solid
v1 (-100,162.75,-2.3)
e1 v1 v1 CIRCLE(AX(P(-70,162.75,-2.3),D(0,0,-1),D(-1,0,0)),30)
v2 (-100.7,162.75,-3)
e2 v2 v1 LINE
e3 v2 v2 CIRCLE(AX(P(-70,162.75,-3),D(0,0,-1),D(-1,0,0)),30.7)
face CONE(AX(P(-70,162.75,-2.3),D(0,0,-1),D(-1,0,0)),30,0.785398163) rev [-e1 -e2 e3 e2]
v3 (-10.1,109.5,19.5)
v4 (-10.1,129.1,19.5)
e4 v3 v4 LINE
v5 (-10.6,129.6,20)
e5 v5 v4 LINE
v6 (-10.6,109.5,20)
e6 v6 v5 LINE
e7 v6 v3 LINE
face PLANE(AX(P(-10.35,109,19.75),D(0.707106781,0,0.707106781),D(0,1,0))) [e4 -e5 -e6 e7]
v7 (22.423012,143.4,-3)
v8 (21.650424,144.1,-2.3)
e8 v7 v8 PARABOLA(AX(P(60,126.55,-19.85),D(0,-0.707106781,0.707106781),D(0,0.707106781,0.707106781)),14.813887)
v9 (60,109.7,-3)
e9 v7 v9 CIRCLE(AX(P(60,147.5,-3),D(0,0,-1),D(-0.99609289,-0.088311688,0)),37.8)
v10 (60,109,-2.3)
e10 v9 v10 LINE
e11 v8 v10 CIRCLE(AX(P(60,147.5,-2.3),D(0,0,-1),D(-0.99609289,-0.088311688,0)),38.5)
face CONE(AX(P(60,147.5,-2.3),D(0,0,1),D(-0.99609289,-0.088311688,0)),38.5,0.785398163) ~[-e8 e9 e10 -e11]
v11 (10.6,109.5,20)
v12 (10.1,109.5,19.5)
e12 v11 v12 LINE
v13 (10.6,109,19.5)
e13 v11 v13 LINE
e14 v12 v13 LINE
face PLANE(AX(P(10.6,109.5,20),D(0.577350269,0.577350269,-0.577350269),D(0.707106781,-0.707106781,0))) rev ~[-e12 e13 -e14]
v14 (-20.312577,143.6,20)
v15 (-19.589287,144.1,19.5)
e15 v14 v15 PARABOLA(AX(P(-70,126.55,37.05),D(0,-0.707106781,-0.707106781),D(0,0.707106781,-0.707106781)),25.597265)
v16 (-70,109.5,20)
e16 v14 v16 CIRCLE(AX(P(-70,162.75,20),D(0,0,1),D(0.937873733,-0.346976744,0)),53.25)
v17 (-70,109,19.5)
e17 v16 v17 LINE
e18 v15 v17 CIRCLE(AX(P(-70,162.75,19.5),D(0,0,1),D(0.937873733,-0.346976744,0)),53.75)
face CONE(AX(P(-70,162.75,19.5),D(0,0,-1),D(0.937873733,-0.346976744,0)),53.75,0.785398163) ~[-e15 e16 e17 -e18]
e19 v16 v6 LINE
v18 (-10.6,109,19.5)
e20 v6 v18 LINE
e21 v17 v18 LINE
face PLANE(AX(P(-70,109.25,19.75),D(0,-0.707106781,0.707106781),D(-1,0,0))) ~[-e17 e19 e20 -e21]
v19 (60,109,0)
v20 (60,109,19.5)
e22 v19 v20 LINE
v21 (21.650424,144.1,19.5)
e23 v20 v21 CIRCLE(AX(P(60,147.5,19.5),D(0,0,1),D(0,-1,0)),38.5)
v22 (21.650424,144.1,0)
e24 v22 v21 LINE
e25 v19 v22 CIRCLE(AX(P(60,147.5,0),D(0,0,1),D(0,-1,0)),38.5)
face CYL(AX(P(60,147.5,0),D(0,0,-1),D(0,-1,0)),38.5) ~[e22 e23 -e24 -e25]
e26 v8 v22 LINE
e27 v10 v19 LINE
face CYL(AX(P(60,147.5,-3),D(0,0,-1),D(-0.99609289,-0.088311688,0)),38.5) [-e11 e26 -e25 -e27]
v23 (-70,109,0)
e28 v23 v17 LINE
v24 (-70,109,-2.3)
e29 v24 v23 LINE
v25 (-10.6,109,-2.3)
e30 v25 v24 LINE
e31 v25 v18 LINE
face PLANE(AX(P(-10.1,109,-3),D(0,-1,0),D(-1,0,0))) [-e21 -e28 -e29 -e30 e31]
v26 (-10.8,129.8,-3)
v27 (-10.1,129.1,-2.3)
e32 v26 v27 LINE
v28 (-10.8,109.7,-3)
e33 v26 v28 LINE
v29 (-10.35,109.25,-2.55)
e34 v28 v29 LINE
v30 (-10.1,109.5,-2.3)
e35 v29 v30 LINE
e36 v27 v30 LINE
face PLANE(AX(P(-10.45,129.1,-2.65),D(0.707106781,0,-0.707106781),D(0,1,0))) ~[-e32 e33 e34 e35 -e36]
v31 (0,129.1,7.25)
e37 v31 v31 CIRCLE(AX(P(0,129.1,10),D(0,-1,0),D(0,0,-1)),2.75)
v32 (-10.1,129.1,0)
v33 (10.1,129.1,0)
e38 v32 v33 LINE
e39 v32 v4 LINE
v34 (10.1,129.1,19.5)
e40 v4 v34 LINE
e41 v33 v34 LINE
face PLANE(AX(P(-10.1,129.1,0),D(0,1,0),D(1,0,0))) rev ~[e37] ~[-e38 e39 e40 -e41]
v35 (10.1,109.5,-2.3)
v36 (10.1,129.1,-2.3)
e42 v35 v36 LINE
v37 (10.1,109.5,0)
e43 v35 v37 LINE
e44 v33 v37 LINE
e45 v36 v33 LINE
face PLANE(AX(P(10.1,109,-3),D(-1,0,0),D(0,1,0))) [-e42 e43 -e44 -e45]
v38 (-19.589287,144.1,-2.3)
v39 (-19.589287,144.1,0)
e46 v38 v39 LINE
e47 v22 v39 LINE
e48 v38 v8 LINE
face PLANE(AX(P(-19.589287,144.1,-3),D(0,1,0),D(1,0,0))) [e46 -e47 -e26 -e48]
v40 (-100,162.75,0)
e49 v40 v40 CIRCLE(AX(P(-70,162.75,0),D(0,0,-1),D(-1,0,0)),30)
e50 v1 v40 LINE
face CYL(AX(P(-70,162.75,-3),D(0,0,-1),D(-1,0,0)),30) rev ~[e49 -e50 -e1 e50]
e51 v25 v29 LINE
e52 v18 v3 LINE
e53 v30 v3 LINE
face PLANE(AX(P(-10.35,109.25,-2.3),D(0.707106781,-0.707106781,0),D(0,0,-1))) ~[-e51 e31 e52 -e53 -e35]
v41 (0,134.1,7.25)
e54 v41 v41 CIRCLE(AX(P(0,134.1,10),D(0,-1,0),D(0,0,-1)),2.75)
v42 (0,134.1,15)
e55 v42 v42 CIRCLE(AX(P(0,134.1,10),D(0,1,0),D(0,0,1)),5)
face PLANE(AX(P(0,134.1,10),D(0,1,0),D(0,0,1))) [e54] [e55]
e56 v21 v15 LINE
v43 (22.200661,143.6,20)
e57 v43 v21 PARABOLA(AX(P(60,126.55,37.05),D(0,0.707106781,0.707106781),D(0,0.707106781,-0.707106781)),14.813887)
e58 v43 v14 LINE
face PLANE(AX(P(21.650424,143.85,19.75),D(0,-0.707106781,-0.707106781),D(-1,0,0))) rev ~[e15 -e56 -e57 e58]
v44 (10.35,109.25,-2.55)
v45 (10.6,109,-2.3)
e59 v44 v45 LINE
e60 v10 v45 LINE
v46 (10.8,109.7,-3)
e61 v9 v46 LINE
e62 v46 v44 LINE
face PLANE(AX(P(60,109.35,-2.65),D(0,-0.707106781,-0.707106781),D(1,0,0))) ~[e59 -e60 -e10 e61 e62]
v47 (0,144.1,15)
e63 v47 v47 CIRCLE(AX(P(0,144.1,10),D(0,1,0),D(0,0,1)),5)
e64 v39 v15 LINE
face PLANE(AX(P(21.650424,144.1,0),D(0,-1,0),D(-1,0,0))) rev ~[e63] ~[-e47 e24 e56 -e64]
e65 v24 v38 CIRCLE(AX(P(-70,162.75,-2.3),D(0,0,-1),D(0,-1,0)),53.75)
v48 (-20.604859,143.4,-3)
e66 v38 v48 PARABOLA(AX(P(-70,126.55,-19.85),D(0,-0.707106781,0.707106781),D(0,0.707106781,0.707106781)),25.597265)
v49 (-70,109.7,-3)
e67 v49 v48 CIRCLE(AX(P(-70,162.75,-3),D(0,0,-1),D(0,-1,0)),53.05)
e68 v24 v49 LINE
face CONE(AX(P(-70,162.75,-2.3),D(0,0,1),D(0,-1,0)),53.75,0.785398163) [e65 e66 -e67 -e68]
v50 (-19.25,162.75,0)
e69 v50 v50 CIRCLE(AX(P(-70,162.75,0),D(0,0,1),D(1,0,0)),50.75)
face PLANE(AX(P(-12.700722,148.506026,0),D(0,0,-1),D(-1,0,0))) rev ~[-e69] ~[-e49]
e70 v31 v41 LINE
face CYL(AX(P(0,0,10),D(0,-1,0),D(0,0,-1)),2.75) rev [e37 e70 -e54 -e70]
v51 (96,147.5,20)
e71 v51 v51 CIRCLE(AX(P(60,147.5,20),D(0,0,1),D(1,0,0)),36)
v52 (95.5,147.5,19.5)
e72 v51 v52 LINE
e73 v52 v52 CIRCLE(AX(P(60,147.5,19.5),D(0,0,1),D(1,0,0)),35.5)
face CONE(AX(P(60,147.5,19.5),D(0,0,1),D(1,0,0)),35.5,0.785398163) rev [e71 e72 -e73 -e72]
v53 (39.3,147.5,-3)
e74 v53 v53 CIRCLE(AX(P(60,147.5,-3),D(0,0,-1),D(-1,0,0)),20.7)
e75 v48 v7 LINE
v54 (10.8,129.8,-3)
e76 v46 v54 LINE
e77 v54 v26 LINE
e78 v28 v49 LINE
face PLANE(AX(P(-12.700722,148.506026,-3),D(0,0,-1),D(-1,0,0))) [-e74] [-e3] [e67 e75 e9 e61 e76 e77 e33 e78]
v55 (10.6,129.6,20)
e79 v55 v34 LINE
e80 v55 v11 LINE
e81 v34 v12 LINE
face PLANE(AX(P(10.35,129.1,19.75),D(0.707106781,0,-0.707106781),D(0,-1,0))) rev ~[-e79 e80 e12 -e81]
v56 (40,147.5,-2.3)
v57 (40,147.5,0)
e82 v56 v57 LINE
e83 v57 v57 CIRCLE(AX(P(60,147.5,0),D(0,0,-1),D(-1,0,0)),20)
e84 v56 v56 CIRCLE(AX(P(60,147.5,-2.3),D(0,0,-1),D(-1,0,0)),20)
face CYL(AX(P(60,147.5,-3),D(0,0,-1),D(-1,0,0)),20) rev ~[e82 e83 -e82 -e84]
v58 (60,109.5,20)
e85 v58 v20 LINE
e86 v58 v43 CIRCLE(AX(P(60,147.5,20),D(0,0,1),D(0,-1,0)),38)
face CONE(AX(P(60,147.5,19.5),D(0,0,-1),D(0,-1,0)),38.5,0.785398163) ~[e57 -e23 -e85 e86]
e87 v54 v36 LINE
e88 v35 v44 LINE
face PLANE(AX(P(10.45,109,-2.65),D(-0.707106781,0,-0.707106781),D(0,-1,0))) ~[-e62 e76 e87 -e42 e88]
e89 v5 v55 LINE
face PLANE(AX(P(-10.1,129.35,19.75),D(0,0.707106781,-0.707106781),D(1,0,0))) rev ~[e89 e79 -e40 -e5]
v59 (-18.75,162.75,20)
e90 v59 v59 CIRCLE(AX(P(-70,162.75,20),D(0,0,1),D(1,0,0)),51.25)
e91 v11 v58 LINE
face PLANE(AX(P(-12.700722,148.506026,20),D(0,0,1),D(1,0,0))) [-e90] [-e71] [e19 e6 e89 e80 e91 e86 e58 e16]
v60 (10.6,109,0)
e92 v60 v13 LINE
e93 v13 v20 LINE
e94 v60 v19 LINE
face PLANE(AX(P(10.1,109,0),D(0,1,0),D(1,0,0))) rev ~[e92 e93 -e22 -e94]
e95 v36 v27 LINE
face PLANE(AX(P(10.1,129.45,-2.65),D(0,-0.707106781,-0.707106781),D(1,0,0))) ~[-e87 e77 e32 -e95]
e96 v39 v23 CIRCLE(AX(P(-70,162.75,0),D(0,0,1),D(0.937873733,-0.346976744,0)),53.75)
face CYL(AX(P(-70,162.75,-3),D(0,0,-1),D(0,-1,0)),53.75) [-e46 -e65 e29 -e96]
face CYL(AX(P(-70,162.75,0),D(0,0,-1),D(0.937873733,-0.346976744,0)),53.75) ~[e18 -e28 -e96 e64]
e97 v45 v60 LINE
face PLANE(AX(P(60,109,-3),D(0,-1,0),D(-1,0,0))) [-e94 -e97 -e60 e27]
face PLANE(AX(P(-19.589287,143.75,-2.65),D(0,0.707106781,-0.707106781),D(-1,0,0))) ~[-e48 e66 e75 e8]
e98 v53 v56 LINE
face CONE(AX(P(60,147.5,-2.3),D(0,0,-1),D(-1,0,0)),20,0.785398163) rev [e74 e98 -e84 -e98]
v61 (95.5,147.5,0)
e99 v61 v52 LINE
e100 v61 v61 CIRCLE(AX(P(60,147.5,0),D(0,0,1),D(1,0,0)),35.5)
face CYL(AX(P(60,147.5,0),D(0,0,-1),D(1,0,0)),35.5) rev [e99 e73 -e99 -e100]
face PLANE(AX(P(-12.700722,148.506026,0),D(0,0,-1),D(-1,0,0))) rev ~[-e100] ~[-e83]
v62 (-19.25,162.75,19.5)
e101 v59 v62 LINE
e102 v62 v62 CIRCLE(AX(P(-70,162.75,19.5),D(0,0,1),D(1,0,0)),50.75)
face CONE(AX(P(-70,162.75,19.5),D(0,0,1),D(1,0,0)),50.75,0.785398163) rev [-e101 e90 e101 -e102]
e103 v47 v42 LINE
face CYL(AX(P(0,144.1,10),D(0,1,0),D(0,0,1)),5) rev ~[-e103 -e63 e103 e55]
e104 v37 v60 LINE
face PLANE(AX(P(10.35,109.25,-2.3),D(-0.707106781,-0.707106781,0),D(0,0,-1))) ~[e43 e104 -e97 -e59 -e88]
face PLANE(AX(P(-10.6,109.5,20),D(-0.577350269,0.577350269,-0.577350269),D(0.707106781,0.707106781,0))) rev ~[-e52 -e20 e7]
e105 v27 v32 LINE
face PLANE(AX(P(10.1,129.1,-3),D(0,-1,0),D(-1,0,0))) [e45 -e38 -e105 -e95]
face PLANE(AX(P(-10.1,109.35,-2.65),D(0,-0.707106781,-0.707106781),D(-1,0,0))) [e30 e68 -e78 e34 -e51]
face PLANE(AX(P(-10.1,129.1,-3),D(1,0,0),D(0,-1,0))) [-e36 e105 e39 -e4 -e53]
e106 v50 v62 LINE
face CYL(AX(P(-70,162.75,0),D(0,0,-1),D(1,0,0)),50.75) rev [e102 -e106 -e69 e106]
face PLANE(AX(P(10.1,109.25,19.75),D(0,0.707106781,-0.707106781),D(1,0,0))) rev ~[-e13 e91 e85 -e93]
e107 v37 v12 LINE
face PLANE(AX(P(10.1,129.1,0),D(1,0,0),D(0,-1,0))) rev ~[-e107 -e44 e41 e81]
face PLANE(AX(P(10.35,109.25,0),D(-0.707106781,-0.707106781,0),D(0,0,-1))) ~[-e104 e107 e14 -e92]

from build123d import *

# Parameters (mm, degrees)
SKETCH2_R           = 50.75
SKETCH2_R_2         = 35.5
BOSS_EXTRUDE1_DEPTH = 20
SKETCH3_R           = 2.75
CUT_EXTRUDE1_DEPTH  = 251.172565442
SKETCH4_R           = 5
CUT_EXTRUDE2_DEPTH  = 10
BOSS_EXTRUDE2_START = 3
SKETCH5_R           = 20
SKETCH5_R_2         = 30
BOSS_EXTRUDE2_DEPTH = 3
CHAMFER1_SIZE       = 0.7
CHAMFER2_SIZE       = 0.5


with BuildPart() as part:
    # Sketch2 → Boss-Extrude1 (new body)
    with BuildSketch(Plane.XY):
        with BuildLine():
            Line((-10.1, 109), (-10.1, 129.1))
            Line((-10.1, 129.1), (10.1, 129.1))
            Line((10.1, 129.1), (10.1, 109))
            Line((10.1, 109), (60, 109))
            ThreePointArc((60, 109), (85.993749249, 175.900264083), (21.650423731, 144.1))
            Line((21.650423731, 144.1), (-19.589286853, 144.1))
            ThreePointArc((-19.589286853, 144.1), (-100.713392844, 206.860656309), (-70, 109))
            Line((-70, 109), (-10.1, 109))
        make_face()
        with Locations((-70, 162.75)):
            Circle(SKETCH2_R, mode=Mode.SUBTRACT)
        with Locations((60, 147.5)):
            Circle(SKETCH2_R_2, mode=Mode.SUBTRACT)
    extrude(amount=BOSS_EXTRUDE1_DEPTH)

    # Sketch3 → Cut-Extrude1 (cut, through all)
    with BuildSketch(Plane(origin=(0, 0, 0), x_dir=(1, 0, 0), z_dir=(0, 1, 0))):
        with Locations(Location((0, -10, 0), (0, 0, 90))):
            Circle(SKETCH3_R)
    extrude(amount=CUT_EXTRUDE1_DEPTH, mode=Mode.SUBTRACT)

    # Sketch4 → Cut-Extrude2 (cut)
    with BuildSketch(Plane(origin=(0, 144.1, 0), x_dir=(1, 0, 0), z_dir=(0, 1, 0))):
        with Locations(Location((0, -10, 0), (0, 0, 270))):
            Circle(SKETCH4_R)
    extrude(amount=-CUT_EXTRUDE2_DEPTH, mode=Mode.SUBTRACT)

    # Sketch5 → Boss-Extrude2 (add)
    with BuildSketch(Plane(origin=(0, 0, 0), x_dir=(-1, 0, 0), z_dir=(0, 0, -1)).offset(BOSS_EXTRUDE2_START)):
        with BuildLine():
            Line((10.1, 109), (70, 109))
            ThreePointArc((70, 109), (100.713392844, 206.860656309), (19.589286853, 144.1))
            Line((19.589286853, 144.1), (-21.650423731, 144.1))
            ThreePointArc((-21.650423731, 144.1), (-85.993749249, 175.900264083), (-60, 109))
            Line((-60, 109), (-10.1, 109))
            Line((-10.1, 109), (-10.1, 129.1))
            Line((-10.1, 129.1), (10.1, 129.1))
            Line((10.1, 129.1), (10.1, 109))
        make_face()
        with Locations((-60, 147.5)):
            Circle(SKETCH5_R, mode=Mode.SUBTRACT)
        with Locations((70, 162.75)):
            Circle(SKETCH5_R_2, mode=Mode.SUBTRACT)
    extrude(amount=-BOSS_EXTRUDE2_DEPTH)

    # Chamfer1
    chamfer1_edges = [part.edges().sort_by_distance(p)[0] for p in [
        (-10.1, 119.05, -3),
        (-40.05, 109, -3),
        (-100.713392844, 206.860656309, -3),
        (1.030568439, 144.1, -3),
        (85.993749249, 175.900264083, -3),
        (35.05, 109, -3),
        (10.1, 119.05, -3),
        (0, 129.1, -3),
        (80, 147.5, -3),
        (-40, 162.75, -3),
    ]]
    chamfer(chamfer1_edges, length=CHAMFER1_SIZE)

    # Chamfer2
    chamfer2_edges = [part.edges().sort_by_distance(p)[0] for p in [
        (0, 129.1, 20),
        (10.1, 109, 10),
        (-10.1, 109, 8.85),
        (10.1, 119.05, 20),
        (35.05, 109, 20),
        (-120.75, 162.75, 20),
        (85.993749249, 175.900264083, 20),
        (24.5, 147.5, 20),
        (1.030568439, 144.1, 20),
        (-100.713392844, 206.860656309, 20),
        (-40.05, 109, 20),
        (-10.1, 119.05, 20),
    ]]
    chamfer(chamfer2_edges, length=CHAMFER2_SIZE)


solid = part.part
